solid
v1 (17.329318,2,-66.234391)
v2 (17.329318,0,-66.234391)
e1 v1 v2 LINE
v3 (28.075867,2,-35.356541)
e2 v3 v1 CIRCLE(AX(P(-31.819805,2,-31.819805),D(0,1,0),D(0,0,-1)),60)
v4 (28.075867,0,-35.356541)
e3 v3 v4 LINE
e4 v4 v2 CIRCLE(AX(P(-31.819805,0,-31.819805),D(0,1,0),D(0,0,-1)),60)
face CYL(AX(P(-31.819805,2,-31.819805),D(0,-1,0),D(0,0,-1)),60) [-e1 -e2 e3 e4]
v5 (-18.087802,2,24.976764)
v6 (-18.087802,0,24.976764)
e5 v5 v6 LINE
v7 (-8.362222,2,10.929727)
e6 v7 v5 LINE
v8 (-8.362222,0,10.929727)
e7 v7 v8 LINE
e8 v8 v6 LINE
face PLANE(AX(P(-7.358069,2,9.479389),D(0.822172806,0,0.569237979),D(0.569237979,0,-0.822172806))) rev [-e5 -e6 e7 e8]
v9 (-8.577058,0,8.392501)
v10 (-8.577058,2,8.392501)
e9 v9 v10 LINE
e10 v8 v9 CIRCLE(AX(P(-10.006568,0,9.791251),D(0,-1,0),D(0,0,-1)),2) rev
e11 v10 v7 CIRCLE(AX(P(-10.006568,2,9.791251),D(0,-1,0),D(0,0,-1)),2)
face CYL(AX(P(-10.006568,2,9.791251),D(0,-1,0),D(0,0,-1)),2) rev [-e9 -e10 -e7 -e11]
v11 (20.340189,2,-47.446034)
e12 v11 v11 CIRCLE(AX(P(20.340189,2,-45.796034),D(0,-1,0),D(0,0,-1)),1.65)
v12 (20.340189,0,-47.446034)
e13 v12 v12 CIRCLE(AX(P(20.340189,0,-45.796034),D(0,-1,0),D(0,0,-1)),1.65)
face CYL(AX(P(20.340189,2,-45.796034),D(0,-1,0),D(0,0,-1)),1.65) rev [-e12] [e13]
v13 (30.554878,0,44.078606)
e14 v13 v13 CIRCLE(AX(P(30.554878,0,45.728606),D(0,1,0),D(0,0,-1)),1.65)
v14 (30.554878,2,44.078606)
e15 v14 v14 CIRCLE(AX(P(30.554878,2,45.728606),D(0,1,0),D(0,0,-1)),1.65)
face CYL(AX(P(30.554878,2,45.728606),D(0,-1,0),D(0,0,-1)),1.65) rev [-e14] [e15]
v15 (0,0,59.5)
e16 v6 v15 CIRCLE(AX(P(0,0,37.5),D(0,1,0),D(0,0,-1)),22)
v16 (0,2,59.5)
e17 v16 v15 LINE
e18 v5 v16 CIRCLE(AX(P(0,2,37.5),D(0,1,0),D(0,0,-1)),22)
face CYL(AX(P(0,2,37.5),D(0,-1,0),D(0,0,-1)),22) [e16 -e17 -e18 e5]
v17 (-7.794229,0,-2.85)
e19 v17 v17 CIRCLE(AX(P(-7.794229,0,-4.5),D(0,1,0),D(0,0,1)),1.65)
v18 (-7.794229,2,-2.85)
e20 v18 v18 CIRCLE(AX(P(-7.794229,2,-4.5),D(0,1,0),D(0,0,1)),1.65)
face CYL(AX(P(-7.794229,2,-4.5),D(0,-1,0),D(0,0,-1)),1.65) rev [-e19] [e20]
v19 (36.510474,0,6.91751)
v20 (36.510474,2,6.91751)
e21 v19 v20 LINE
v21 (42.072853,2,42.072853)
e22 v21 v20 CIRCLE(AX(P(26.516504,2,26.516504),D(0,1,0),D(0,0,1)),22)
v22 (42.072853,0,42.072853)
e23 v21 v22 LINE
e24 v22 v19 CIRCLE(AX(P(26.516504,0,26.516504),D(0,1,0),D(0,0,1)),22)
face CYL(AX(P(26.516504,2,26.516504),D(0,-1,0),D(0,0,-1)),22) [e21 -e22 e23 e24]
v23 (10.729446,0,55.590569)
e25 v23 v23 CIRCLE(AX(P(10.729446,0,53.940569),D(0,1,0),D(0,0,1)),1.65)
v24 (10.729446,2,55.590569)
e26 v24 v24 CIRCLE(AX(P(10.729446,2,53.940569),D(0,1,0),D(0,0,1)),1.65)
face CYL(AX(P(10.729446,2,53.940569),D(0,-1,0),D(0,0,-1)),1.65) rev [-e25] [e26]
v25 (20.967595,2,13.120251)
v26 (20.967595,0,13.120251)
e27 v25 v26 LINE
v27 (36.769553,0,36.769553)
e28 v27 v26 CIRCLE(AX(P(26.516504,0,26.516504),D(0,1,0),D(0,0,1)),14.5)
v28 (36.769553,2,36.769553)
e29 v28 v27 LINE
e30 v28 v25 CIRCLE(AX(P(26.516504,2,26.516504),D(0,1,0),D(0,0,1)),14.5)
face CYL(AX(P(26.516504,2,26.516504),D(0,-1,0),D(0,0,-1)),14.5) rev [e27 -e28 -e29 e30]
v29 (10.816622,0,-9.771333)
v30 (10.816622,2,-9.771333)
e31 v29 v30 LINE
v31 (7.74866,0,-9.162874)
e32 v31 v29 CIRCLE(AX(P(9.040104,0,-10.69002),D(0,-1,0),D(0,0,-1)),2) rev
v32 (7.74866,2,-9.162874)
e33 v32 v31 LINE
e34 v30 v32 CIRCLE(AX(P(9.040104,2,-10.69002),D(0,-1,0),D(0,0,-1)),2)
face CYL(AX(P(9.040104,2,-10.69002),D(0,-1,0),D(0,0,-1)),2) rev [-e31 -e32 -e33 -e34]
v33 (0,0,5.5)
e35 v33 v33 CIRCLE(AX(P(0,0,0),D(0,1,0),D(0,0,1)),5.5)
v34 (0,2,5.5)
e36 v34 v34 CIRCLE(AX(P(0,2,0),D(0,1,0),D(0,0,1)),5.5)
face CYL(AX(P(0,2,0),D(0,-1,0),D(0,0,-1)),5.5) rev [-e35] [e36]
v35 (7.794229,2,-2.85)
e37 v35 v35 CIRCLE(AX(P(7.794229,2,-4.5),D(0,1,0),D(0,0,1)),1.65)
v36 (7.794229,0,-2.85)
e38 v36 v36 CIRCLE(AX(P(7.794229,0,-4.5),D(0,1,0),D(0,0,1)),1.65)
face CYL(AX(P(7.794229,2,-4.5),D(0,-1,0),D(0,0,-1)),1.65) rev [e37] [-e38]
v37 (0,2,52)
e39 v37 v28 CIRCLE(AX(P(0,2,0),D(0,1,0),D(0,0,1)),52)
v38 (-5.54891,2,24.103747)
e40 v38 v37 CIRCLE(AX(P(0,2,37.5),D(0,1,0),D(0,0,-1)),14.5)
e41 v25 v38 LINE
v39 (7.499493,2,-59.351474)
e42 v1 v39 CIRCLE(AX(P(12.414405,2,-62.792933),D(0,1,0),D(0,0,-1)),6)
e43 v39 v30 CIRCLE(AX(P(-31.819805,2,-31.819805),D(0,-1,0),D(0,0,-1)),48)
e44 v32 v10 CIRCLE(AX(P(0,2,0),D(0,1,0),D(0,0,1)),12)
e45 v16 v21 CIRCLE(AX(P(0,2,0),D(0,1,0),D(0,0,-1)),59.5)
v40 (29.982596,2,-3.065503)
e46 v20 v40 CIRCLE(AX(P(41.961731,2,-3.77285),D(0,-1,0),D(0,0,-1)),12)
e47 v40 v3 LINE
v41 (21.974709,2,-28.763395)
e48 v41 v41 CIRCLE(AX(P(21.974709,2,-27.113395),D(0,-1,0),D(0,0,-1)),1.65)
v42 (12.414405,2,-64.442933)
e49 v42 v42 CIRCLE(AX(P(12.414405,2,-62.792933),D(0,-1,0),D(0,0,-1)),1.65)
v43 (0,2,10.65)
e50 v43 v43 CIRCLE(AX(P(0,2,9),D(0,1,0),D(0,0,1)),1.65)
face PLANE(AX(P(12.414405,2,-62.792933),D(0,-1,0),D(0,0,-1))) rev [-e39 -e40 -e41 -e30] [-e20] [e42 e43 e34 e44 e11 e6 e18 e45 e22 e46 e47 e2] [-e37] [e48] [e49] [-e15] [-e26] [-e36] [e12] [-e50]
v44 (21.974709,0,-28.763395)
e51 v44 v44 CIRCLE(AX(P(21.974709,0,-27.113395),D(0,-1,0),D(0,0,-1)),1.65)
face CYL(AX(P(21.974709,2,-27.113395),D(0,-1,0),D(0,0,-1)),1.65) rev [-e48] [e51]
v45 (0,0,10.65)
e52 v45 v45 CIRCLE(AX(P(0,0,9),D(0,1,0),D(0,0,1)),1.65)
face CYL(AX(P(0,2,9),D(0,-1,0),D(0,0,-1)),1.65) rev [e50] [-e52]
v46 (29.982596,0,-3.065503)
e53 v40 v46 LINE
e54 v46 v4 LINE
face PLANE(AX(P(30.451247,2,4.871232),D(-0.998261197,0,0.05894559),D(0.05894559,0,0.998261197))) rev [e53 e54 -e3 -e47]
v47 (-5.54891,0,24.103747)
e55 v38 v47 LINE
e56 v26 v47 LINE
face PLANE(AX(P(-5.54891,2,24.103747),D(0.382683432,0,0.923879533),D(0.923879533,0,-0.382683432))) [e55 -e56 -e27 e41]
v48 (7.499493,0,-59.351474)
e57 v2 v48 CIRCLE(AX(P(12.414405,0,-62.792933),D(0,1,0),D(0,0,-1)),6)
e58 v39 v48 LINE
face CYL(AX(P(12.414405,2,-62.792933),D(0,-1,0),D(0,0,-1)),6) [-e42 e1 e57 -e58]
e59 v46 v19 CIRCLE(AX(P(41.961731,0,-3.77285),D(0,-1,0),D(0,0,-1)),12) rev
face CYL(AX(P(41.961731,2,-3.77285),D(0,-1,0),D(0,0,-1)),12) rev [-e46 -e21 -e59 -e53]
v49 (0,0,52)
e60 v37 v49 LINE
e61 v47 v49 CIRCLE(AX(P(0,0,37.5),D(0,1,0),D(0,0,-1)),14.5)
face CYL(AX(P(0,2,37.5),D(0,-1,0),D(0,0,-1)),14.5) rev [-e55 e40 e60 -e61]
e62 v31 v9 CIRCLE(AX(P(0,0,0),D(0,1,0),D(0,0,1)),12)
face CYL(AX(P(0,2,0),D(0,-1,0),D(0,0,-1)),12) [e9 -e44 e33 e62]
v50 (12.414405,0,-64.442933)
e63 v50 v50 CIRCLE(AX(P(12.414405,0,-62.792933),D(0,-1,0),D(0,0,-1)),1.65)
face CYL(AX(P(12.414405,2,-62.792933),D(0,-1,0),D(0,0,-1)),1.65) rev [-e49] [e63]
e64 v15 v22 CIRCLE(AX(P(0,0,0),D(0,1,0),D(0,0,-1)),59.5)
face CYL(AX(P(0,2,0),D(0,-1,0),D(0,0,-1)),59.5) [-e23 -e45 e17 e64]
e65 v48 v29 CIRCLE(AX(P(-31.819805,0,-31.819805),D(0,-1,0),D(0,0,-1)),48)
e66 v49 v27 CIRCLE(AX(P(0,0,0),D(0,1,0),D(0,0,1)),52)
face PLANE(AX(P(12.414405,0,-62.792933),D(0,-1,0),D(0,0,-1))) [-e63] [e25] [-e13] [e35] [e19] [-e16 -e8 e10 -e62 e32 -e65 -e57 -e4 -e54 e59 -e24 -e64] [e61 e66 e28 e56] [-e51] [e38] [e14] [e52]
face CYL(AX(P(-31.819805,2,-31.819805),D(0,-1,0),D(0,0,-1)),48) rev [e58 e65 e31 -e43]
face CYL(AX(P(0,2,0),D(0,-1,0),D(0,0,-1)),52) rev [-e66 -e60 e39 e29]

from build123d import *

# Parameters (mm, degrees)
SKETCH_1_R          = 1.65
SKETCH_1_R_2        = 5.5
EXTRUDE_1_DEPTH     = 2
SKETCH_2_R          = 1.65
CUT_EXTRUDE_1_DEPTH = 85.204030668
FILLET_1_R          = 2
FILLET_2_R          = 12


with BuildPart() as part:
    # Эскиз1 → Бобышка-Вытянуть1 (new body)
    with BuildSketch(Plane(origin=(0, 0, 0), x_dir=(1, 0, 0), z_dir=(0, 1, 0))):
        with BuildLine():
            Line((-7.358068948, -9.479389292), (-18.08780174, -24.976764467))
            ThreePointArc((-18.08780174, -24.976764467), (-19.487318719, -47.710015139), (0, -59.5))
            ThreePointArc((0, -59.5), (22.769664226, -54.970832184), (42.072853481, -42.072853481))
            ThreePointArc((42.072853481, -42.072853481), (47.515690449, -19.956460022), (30.451246794, -4.87123226))
            Line((30.451246794, -4.87123226), (28.075866666, 35.356540564))
            ThreePointArc((28.075866666, 35.356540564), (24.846341863, 51.541564262), (17.329317504, 66.234391334))
            ThreePointArc((17.329317504, 66.234391334), (8.97294662, 67.707844982), (7.499492972, 59.351474098))
            ThreePointArc((7.499492972, 59.351474098), (16.145431017, 33.64630977), (9.479389292, 7.358068948))
            ThreePointArc((9.479389292, 7.358068948), (-8.485281374, 8.485281374), (-7.358068948, -9.479389292))
        make_face()
        with Locations(Location((10.729446295, -53.940569088, 0), (0, 0, 270))):
            Circle(SKETCH_1_R, mode=Mode.SUBTRACT)
        with Locations(Location((30.554877949, -45.728606417, 0), (0, 0, 90))):
            Circle(SKETCH_1_R, mode=Mode.SUBTRACT)
        with Locations(Location((0, 0, 0), (0, 0, 270))):
            Circle(SKETCH_1_R_2, mode=Mode.SUBTRACT)
        with Locations(Location((0, -9, 0), (0, 0, 270))):
            Circle(SKETCH_1_R, mode=Mode.SUBTRACT)
        with Locations(Location((-7.794228634, 4.5, 0), (0, 0, 270))):
            Circle(SKETCH_1_R, mode=Mode.SUBTRACT)
        with Locations(Location((7.794228634, 4.5, 0), (0, 0, 270))):
            Circle(SKETCH_1_R, mode=Mode.SUBTRACT)
        with BuildLine():
            Line((-5.548909769, -24.103746779), (20.967594525, -13.120251073))
            ThreePointArc((20.967594525, -13.120251073), (38.572813673, -18.460735916), (36.769552622, -36.769552622))
            ThreePointArc((36.769552622, -36.769552622), (19.899538483, -48.041735691), (0, -52))
            ThreePointArc((0, -52), (-14.221386566, -40.328809669), (-5.548909769, -24.103746779))
        make_face(mode=Mode.SUBTRACT)
    extrude(amount=EXTRUDE_1_DEPTH)

    # Эскиз2 → Вырез-Вытянуть1 (cut, through all)
    with BuildSketch(Plane.XZ):
        with Locations(Location((21.974708544, -27.113395045, 0), (0, 0, 270))):
            Circle(SKETCH_2_R)
        with Locations(Location((12.414405238, -62.792932716, 0), (0, 0, 270))):
            Circle(SKETCH_2_R)
        with Locations(Location((20.340189466, -45.796033589, 0), (0, 0, 270))):
            Circle(SKETCH_2_R)
    extrude(amount=-CUT_EXTRUDE_1_DEPTH, mode=Mode.SUBTRACT)

    # Скругление1
    fillet_1_edges = [part.edges().sort_by_distance(p)[0] for p in [
        (-7.358068948, 1, 9.479389292),
        (9.479389292, 1, -7.358068948),
    ]]
    fillet(fillet_1_edges, radius=FILLET_1_R)

    # Скругление2
    fillet_2_edges = [part.edges().sort_by_distance(p)[0] for p in [
        (30.451246794, 1, 4.87123226),
    ]]
    fillet(fillet_2_edges, radius=FILLET_2_R)


solid = part.part
